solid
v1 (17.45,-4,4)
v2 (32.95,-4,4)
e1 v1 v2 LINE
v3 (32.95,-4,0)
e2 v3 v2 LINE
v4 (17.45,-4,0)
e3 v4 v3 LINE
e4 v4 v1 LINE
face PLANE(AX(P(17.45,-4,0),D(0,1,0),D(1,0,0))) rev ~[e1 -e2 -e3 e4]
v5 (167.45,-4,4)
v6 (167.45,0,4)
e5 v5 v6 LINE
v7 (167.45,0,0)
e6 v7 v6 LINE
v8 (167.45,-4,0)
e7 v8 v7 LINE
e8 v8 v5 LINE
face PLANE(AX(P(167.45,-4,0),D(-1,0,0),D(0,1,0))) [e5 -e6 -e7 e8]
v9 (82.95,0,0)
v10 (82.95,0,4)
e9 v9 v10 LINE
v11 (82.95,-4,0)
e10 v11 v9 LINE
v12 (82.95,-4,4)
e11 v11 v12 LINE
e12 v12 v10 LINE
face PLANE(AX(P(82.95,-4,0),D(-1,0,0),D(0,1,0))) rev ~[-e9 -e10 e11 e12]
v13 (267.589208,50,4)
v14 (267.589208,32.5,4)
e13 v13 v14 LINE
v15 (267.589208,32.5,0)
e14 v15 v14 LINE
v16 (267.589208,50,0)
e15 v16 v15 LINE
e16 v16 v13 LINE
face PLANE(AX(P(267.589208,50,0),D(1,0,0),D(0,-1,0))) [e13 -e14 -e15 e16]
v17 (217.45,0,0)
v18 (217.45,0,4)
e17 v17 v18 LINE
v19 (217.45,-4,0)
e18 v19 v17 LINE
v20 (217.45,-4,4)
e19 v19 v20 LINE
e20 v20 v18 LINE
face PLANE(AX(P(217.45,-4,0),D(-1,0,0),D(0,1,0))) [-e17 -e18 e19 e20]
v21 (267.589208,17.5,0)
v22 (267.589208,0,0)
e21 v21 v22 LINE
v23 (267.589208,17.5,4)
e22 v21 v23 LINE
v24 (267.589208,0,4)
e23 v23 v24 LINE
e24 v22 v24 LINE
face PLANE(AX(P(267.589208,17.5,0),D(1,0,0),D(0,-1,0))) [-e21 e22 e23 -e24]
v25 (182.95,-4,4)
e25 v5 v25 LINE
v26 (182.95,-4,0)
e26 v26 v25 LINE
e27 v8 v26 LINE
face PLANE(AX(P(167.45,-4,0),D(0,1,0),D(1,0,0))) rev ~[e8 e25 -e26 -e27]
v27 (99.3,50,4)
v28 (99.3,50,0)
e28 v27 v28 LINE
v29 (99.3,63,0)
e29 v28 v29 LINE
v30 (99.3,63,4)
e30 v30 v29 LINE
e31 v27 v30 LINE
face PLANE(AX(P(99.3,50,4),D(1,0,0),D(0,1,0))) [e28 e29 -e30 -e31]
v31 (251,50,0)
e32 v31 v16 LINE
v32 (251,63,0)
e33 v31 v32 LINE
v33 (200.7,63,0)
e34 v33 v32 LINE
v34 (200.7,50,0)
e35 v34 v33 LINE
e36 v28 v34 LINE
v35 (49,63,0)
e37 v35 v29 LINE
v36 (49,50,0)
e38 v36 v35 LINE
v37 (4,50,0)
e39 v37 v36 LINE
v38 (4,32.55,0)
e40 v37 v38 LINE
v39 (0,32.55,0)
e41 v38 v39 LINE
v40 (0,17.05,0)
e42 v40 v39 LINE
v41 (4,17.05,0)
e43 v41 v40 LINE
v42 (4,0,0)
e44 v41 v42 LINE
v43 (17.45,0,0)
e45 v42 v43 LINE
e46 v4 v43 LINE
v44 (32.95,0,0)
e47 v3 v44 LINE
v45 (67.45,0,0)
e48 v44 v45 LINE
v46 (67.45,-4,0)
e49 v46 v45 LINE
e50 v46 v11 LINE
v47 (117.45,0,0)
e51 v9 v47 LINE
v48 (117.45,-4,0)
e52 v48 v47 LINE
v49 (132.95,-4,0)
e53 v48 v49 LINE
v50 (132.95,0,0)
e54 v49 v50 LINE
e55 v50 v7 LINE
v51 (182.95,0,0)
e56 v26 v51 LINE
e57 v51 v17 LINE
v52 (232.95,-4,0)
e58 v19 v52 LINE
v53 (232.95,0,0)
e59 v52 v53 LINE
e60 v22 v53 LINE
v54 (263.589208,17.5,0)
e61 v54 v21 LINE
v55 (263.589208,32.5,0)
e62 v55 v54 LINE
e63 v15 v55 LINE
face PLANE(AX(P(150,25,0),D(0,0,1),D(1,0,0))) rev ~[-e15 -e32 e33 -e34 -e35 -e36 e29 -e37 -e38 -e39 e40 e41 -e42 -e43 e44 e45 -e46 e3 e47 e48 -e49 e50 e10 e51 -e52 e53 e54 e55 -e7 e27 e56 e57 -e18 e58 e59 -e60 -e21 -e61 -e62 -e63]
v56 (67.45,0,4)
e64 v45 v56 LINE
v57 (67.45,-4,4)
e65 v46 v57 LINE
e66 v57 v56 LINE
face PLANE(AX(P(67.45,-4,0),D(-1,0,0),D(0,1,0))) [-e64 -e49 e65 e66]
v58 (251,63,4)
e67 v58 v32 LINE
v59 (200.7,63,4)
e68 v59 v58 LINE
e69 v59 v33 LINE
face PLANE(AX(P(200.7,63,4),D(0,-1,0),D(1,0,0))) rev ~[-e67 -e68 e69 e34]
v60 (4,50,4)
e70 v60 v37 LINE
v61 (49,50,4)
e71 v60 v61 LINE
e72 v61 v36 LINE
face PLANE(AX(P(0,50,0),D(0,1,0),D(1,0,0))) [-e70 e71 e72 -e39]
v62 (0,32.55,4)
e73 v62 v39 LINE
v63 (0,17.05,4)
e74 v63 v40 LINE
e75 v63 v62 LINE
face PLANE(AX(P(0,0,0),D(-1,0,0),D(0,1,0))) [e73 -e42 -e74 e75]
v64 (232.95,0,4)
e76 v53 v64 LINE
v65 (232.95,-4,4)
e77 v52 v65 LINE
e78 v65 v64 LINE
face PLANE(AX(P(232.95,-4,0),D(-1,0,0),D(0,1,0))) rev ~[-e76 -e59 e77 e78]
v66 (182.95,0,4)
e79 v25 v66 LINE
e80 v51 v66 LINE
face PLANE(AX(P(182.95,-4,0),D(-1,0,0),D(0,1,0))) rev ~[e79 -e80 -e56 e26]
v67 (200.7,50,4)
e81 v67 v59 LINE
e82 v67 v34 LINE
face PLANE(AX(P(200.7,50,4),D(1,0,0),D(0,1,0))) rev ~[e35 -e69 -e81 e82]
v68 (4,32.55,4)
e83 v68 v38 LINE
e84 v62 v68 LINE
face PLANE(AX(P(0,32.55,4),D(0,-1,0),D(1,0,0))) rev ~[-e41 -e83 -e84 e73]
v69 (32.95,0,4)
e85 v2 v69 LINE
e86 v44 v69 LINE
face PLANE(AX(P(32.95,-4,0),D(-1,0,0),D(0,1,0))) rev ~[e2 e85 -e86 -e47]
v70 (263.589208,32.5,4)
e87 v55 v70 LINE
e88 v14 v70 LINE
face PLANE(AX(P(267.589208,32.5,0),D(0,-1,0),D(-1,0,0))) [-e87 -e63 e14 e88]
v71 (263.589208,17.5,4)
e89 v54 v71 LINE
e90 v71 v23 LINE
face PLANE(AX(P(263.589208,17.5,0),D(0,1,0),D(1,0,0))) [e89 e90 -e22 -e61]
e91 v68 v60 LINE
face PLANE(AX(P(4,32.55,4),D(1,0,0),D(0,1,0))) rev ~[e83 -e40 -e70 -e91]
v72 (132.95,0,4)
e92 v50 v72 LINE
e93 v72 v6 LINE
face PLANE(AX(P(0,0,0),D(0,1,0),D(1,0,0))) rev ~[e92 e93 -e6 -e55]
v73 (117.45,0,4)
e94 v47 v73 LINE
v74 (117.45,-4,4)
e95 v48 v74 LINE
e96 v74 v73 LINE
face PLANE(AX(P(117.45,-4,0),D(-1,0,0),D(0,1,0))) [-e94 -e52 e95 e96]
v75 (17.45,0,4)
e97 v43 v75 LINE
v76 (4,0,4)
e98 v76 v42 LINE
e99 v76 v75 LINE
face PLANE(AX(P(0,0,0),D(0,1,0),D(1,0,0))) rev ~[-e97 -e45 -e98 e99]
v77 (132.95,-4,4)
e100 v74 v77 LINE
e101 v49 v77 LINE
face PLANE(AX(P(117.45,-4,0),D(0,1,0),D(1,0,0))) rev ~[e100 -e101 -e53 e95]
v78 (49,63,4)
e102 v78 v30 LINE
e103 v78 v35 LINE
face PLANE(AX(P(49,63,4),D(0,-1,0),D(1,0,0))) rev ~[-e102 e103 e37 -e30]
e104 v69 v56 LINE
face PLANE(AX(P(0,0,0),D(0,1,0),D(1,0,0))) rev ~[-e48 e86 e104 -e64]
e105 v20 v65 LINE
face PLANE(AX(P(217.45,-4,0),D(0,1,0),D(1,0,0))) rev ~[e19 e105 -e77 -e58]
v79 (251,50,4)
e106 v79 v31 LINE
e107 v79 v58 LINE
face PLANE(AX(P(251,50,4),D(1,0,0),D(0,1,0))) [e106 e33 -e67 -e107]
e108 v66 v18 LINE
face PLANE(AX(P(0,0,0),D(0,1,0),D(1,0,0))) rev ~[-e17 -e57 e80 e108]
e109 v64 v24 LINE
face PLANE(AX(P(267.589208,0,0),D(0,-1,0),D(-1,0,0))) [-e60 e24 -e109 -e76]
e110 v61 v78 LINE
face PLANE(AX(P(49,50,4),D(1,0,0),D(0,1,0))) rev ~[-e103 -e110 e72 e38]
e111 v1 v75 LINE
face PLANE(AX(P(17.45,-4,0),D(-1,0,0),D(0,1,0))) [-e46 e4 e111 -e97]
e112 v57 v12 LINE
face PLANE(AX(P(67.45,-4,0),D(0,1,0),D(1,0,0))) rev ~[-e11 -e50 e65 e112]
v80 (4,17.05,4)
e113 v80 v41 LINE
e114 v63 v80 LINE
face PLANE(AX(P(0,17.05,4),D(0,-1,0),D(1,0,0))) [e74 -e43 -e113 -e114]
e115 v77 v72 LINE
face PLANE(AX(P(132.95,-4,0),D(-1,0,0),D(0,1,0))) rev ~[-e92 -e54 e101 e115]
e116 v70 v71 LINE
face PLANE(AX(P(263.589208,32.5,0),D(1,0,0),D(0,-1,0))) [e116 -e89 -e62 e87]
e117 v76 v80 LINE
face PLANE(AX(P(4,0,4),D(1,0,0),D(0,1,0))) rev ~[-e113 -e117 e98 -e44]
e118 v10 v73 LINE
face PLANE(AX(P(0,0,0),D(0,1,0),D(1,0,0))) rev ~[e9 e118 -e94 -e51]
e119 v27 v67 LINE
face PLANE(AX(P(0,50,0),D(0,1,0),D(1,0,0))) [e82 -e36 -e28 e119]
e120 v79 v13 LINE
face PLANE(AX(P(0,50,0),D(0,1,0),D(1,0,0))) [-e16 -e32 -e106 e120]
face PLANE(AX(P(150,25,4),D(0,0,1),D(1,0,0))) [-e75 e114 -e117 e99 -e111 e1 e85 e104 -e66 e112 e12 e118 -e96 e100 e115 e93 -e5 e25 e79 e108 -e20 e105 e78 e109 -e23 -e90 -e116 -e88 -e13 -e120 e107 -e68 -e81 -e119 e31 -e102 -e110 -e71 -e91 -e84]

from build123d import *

# Parameters (mm, degrees)
SKIZZE1_W                       = 300
SKIZZE1_H                       = 50
AUFSATZ_LINEAR_AUSTRAGEN1_DEPTH = 4
SKIZZE2_W                       = 15.5
SKIZZE2_H                       = 4
AUFSATZ_LINEAR_AUSTRAGEN3_DEPTH = 4
SCHNITT_LINEAR_AUSTRAGEN1_REACH = 6
SKIZZE3_W                       = 4
SKIZZE3_H                       = 17.45
SKIZZE3_H_2                     = 17.05
SKIZZE4_W                       = 50.3
SKIZZE4_H                       = 13
AUFSATZ_LINEAR_AUSTRAGEN4_DEPTH = 4
SCHNITT_LINEAR_AUSTRAGEN2_REACH = 6


with BuildPart() as part:
    # Skizze1 → Aufsatz-Linear austragen1 (new body)
    with BuildSketch(Plane.XY):
        with Locations((150, 25)):
            Rectangle(SKIZZE1_W, SKIZZE1_H)
    extrude(amount=AUFSATZ_LINEAR_AUSTRAGEN1_DEPTH)

    # Skizze2 → Aufsatz-Linear austragen3 (add)
    with BuildSketch(Plane.XY):
        with Locations((25.2, -2)):
            Rectangle(SKIZZE2_W, SKIZZE2_H)
        with Locations((75.2, -2)):
            Rectangle(SKIZZE2_W, SKIZZE2_H)
        with Locations((125.2, -2)):
            Rectangle(SKIZZE2_W, SKIZZE2_H)
        with Locations((175.2, -2)):
            Rectangle(SKIZZE2_W, SKIZZE2_H)
        with Locations((225.2, -2)):
            Rectangle(SKIZZE2_W, SKIZZE2_H)
        with Locations((275.2, -2)):
            Rectangle(SKIZZE2_W, SKIZZE2_H)
    extrude(amount=AUFSATZ_LINEAR_AUSTRAGEN3_DEPTH)

    # Skizze3 → Schnitt-Linear austragen1 (cut, up to next)
    with BuildSketch(Plane.XY.offset(4), mode=Mode.PRIVATE) as schnitt_linear_austragen1_sk1:
        with Locations((2, 41.275)):
            Rectangle(SKIZZE3_W, SKIZZE3_H)
    schnitt_linear_austragen1_tool1 = extrude(schnitt_linear_austragen1_sk1.sketch, amount=-SCHNITT_LINEAR_AUSTRAGEN1_REACH, mode=Mode.PRIVATE) & part.part
    add(schnitt_linear_austragen1_tool1.solids().sort_by_distance((2, 41.275, 4))[0], mode=Mode.SUBTRACT)
    # Skizze3 → Schnitt-Linear austragen1 (cut, up to next)
    with BuildSketch(Plane.XY.offset(4), mode=Mode.PRIVATE) as schnitt_linear_austragen1_sk2:
        with Locations((2, 8.525)):
            Rectangle(SKIZZE3_W, SKIZZE3_H_2)
    schnitt_linear_austragen1_tool2 = extrude(schnitt_linear_austragen1_sk2.sketch, amount=-SCHNITT_LINEAR_AUSTRAGEN1_REACH, mode=Mode.PRIVATE) & part.part
    add(schnitt_linear_austragen1_tool2.solids().sort_by_distance((2, 8.525, 4))[0], mode=Mode.SUBTRACT)
    # Skizze3 → Schnitt-Linear austragen1 (cut, up to next)
    with BuildSketch(Plane.XY.offset(4), mode=Mode.PRIVATE) as schnitt_linear_austragen1_sk3:
        with Locations((298, 8.525)):
            Rectangle(SKIZZE3_W, SKIZZE3_H_2)
    schnitt_linear_austragen1_tool3 = extrude(schnitt_linear_austragen1_sk3.sketch, amount=-SCHNITT_LINEAR_AUSTRAGEN1_REACH, mode=Mode.PRIVATE) & part.part
    add(schnitt_linear_austragen1_tool3.solids().sort_by_distance((298, 8.525, 4))[0], mode=Mode.SUBTRACT)
    # Skizze3 → Schnitt-Linear austragen1 (cut, up to next)
    with BuildSketch(Plane.XY.offset(4), mode=Mode.PRIVATE) as schnitt_linear_austragen1_sk4:
        with Locations((298, 41.275)):
            Rectangle(SKIZZE3_W, SKIZZE3_H)
    schnitt_linear_austragen1_tool4 = extrude(schnitt_linear_austragen1_sk4.sketch, amount=-SCHNITT_LINEAR_AUSTRAGEN1_REACH, mode=Mode.PRIVATE) & part.part
    add(schnitt_linear_austragen1_tool4.solids().sort_by_distance((298, 41.275, 4))[0], mode=Mode.SUBTRACT)

    # Skizze4 → Aufsatz-Linear austragen4 (add)
    with BuildSketch(Plane.XY.offset(4)):
        with Locations((74.15, 56.5)):
            Rectangle(SKIZZE4_W, SKIZZE4_H)
        with Locations((225.85, 56.5)):
            Rectangle(SKIZZE4_W, SKIZZE4_H)
    extrude(amount=-AUFSATZ_LINEAR_AUSTRAGEN4_DEPTH)

    # Skizze5 → Schnitt-Linear austragen2 (cut, up to next)
    with BuildSketch(Plane(origin=(0, 0, 0), x_dir=(-1, 0, 0), z_dir=(0, 0, -1)), mode=Mode.PRIVATE) as schnitt_linear_austragen2_sk1:
        Polygon((-267.589208013, 50), (-267.589208013, 32.5), (-263.589208013, 32.5), (-263.589208013, 17.5), (-267.589208013, 17.5), (-267.589208013, 0), (-260.181086132, 0), (-260.181086132, -8.903305995), (-305.118419692, -8.903305995), (-305.118419692, 50), align=None)
    schnitt_linear_austragen2_tool1 = extrude(schnitt_linear_austragen2_sk1.sketch, amount=-SCHNITT_LINEAR_AUSTRAGEN2_REACH, mode=Mode.PRIVATE) & part.part
    add(schnitt_linear_austragen2_tool1.solids().sort_by_distance((285.186351, 19.956954, 0))[0], mode=Mode.SUBTRACT)


solid = part.part
